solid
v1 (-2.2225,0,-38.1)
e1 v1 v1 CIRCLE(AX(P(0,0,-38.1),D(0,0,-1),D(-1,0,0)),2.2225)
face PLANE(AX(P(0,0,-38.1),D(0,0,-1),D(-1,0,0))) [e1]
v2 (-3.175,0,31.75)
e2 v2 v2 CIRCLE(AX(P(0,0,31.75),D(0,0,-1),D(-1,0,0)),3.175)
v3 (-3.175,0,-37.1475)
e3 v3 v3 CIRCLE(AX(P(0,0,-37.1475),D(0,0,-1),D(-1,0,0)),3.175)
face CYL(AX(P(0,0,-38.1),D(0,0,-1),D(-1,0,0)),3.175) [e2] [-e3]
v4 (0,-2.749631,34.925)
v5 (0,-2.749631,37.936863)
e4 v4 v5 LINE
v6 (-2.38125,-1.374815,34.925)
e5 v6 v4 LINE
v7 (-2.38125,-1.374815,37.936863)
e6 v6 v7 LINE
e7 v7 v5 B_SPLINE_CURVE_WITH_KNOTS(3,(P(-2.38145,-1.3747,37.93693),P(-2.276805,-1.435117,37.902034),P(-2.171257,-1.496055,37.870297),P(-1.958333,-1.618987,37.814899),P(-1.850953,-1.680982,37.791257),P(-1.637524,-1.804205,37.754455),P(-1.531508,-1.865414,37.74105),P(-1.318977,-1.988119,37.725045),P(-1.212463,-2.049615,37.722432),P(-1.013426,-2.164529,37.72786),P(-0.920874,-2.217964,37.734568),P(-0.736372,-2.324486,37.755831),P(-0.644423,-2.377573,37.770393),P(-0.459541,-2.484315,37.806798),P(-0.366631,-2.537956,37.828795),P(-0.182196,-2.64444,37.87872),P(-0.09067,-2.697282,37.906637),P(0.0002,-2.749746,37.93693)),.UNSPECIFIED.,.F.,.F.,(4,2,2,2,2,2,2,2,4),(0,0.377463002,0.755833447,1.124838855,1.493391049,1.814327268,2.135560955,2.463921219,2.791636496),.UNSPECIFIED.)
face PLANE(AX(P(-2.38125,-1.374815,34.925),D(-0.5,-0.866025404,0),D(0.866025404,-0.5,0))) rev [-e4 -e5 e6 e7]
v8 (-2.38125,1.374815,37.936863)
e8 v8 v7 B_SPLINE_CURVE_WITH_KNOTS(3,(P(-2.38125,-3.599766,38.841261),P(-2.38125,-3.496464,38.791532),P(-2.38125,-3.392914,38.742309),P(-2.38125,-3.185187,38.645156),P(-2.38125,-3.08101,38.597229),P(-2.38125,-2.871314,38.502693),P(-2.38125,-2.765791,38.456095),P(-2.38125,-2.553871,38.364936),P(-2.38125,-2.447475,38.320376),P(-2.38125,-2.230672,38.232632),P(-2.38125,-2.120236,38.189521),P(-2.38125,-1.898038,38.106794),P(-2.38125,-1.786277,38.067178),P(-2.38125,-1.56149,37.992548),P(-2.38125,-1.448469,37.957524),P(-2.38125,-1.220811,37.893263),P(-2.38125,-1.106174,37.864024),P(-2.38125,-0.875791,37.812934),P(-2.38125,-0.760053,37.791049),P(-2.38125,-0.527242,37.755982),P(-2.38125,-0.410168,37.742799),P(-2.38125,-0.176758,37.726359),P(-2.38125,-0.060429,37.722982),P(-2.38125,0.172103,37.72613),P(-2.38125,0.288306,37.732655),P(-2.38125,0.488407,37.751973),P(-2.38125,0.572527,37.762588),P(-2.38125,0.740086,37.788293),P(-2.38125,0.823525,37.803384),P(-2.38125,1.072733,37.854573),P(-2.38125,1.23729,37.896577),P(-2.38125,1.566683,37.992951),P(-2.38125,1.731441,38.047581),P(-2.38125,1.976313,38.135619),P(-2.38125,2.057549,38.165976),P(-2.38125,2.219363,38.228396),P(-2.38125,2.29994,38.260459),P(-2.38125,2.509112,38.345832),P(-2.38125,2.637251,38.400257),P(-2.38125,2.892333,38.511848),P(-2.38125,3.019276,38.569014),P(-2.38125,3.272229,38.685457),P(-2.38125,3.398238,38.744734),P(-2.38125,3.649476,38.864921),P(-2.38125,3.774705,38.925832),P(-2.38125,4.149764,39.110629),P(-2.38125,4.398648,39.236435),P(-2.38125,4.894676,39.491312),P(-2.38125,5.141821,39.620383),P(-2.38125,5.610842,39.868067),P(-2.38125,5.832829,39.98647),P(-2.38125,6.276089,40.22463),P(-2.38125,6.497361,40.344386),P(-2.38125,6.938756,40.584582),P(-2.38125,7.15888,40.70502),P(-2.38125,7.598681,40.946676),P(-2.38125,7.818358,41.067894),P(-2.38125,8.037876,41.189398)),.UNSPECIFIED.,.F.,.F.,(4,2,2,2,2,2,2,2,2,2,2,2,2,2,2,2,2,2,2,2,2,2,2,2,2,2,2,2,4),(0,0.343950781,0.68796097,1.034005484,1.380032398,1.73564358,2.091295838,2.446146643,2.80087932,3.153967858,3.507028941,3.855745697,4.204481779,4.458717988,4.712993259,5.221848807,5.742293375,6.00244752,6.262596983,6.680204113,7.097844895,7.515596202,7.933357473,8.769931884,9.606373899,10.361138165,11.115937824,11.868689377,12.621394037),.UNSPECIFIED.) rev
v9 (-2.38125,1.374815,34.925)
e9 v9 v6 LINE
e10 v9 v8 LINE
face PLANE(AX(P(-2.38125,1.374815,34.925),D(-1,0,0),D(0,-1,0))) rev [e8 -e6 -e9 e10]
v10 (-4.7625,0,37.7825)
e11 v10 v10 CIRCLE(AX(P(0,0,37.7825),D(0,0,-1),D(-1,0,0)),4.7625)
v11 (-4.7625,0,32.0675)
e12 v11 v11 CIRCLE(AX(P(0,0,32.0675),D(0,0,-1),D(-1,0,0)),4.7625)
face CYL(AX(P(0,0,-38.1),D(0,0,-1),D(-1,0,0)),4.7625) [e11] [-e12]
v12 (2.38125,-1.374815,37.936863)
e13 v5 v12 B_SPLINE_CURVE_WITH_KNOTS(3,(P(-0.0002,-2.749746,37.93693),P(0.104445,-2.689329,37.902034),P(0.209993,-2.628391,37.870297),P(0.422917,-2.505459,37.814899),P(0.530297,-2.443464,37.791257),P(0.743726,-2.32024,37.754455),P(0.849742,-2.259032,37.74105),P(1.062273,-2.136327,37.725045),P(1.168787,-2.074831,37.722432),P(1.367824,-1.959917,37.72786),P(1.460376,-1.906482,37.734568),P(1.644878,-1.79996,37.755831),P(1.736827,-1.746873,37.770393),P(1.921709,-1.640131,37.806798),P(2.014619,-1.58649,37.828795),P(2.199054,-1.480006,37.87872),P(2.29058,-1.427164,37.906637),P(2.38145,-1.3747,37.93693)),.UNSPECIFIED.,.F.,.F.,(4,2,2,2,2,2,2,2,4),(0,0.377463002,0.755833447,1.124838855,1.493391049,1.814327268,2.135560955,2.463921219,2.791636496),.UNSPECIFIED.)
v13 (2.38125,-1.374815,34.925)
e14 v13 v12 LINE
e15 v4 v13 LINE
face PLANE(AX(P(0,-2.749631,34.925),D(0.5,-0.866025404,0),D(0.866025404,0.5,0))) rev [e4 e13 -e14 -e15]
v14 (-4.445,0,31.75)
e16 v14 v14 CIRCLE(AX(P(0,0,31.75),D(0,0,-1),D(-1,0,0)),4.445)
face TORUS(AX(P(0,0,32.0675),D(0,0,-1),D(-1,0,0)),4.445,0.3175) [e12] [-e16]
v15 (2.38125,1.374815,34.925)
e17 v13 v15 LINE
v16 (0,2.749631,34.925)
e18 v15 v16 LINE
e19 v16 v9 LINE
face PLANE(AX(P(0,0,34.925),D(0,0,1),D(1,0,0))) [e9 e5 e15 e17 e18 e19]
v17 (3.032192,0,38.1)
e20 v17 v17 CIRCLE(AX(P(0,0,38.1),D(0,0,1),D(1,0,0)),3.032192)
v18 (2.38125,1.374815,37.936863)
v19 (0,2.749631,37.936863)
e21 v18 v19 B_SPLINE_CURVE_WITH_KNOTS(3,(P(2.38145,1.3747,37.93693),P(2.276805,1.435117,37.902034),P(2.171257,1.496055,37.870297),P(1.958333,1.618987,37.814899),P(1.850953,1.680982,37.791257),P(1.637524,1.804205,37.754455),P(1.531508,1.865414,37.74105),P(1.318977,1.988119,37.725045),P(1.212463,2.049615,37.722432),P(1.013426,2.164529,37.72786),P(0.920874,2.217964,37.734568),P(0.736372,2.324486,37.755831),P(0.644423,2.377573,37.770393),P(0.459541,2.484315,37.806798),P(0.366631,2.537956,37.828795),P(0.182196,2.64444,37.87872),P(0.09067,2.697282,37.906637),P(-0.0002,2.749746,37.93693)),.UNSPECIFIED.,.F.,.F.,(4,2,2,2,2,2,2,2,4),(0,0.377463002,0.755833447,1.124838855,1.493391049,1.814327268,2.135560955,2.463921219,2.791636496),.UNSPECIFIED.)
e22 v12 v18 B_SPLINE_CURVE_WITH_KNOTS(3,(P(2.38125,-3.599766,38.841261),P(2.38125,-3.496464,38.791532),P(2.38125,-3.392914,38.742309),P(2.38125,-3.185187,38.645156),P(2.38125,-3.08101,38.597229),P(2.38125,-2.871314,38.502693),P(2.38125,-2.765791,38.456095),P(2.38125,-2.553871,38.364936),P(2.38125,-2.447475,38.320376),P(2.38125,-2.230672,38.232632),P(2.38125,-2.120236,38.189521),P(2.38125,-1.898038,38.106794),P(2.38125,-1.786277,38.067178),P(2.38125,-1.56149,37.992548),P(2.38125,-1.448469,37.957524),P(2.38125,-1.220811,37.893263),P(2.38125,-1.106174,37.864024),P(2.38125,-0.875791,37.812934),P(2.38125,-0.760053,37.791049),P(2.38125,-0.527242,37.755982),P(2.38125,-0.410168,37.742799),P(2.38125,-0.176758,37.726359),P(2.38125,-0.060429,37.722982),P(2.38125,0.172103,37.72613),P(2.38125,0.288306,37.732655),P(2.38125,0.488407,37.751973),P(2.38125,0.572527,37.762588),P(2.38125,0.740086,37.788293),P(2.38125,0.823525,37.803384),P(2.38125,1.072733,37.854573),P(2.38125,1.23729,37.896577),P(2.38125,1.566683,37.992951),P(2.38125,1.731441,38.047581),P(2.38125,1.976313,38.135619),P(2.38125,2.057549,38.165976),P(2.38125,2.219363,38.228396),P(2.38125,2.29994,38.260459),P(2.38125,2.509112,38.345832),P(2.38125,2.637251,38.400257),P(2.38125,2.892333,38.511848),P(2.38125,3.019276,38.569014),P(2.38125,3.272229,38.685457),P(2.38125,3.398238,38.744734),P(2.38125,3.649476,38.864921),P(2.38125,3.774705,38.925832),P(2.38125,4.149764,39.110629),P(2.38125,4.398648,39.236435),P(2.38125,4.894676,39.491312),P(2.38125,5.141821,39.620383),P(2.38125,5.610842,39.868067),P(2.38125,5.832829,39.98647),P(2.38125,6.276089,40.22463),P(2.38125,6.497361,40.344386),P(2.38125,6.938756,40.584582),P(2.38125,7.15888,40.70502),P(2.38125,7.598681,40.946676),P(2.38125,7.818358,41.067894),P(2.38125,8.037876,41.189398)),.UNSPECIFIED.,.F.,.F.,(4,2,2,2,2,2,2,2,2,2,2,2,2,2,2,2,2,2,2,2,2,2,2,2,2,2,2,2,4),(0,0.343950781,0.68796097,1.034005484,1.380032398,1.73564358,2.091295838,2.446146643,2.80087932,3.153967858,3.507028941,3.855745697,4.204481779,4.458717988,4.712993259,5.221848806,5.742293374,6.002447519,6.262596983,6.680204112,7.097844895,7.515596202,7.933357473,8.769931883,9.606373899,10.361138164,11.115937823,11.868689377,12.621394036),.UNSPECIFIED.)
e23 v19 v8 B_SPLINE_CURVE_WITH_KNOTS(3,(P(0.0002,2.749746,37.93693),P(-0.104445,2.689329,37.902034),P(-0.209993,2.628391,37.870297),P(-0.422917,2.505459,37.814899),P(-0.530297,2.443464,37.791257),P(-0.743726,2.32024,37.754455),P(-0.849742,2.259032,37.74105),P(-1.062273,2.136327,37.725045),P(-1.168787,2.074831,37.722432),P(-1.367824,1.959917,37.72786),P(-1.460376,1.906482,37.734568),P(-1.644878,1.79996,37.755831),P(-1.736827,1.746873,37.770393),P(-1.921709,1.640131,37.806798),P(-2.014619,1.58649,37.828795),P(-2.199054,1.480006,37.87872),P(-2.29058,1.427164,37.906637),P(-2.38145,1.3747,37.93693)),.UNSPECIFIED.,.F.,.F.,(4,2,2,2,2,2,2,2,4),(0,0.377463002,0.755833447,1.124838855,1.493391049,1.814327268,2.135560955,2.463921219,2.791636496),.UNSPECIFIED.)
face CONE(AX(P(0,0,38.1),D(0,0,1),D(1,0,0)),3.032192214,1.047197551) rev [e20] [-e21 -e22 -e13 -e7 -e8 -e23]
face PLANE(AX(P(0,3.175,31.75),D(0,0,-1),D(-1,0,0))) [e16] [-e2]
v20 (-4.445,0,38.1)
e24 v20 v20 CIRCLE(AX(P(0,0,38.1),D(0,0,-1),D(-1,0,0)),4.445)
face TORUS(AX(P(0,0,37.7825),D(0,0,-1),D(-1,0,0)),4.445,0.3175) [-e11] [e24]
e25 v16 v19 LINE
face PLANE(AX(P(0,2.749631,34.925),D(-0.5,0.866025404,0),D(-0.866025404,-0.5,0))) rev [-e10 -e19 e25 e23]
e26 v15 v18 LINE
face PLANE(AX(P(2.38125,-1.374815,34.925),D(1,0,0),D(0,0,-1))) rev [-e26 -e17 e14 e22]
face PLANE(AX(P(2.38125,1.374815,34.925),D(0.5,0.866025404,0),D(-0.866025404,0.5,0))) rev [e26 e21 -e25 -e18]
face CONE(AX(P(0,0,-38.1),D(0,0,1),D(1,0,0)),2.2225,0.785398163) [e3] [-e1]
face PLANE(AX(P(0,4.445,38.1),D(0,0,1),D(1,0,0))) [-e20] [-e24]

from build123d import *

# Parameters (mm, degrees)
CUT_EXTRUDE1_START = 38.1
CUT_EXTRUDE1_DEPTH = 3.175


with BuildPart() as part:
    # Sketch2 → Revolve1 (revolve)
    with BuildSketch(Plane(origin=(0, 0, 0), x_dir=(0, 0, -1), z_dir=(1, 0, 0)), mode=Mode.PRIVATE) as revolve1_sk:
        with BuildLine():
            Line((38.1, 0), (38.1, 2.2225))
            Line((38.1, 2.2225), (37.1475, 3.175))
            Line((37.1475, 3.175), (-31.75, 3.175))
            Line((-31.75, 3.175), (-31.75, 4.445))
            ThreePointArc((-31.75, 4.445), (-31.842993597, 4.669506403), (-32.0675, 4.7625))
            Line((-32.0675, 4.7625), (-37.7825, 4.7625))
            ThreePointArc((-37.7825, 4.7625), (-38.007006403, 4.669506403), (-38.1, 4.445))
            Line((-38.1, 4.445), (-38.1, 0))
            Line((-38.1, 0), (38.1, 0))
        make_face()
    revolve(revolve1_sk.sketch.rotate(Axis((0, 0, -38.1), (0, 0, 1)), 90), axis=Axis((0, 0, -38.1), (0, 0, 1)))

    # Sketch3 → Cut-Extrude1 (cut)
    with BuildSketch(Plane.XY.offset(CUT_EXTRUDE1_START)):
        Polygon((-2.38125, 1.374815329), (-2.38125, -1.374815329), (0, -2.749630657), (2.38125, -1.374815329), (2.38125, 1.374815329), (0, 2.749630657), align=None)
    extrude(amount=-CUT_EXTRUDE1_DEPTH, mode=Mode.SUBTRACT)

    # Cut-Extrude2 cone 1 section (through the dimple's axis) → Cut-Extrude2 (revolve, cut)
    with BuildSketch(Plane(origin=(0, 0, 38.1), x_dir=(0, -1, 0), z_dir=(1, 0, 0))):
        Polygon((0, 0), (3.032192214, 0), (0, 1.750636991), align=None)
    revolve(axis=Axis((0, 0, 38.1), (0, 0, -1)), mode=Mode.SUBTRACT)


solid = part.part
